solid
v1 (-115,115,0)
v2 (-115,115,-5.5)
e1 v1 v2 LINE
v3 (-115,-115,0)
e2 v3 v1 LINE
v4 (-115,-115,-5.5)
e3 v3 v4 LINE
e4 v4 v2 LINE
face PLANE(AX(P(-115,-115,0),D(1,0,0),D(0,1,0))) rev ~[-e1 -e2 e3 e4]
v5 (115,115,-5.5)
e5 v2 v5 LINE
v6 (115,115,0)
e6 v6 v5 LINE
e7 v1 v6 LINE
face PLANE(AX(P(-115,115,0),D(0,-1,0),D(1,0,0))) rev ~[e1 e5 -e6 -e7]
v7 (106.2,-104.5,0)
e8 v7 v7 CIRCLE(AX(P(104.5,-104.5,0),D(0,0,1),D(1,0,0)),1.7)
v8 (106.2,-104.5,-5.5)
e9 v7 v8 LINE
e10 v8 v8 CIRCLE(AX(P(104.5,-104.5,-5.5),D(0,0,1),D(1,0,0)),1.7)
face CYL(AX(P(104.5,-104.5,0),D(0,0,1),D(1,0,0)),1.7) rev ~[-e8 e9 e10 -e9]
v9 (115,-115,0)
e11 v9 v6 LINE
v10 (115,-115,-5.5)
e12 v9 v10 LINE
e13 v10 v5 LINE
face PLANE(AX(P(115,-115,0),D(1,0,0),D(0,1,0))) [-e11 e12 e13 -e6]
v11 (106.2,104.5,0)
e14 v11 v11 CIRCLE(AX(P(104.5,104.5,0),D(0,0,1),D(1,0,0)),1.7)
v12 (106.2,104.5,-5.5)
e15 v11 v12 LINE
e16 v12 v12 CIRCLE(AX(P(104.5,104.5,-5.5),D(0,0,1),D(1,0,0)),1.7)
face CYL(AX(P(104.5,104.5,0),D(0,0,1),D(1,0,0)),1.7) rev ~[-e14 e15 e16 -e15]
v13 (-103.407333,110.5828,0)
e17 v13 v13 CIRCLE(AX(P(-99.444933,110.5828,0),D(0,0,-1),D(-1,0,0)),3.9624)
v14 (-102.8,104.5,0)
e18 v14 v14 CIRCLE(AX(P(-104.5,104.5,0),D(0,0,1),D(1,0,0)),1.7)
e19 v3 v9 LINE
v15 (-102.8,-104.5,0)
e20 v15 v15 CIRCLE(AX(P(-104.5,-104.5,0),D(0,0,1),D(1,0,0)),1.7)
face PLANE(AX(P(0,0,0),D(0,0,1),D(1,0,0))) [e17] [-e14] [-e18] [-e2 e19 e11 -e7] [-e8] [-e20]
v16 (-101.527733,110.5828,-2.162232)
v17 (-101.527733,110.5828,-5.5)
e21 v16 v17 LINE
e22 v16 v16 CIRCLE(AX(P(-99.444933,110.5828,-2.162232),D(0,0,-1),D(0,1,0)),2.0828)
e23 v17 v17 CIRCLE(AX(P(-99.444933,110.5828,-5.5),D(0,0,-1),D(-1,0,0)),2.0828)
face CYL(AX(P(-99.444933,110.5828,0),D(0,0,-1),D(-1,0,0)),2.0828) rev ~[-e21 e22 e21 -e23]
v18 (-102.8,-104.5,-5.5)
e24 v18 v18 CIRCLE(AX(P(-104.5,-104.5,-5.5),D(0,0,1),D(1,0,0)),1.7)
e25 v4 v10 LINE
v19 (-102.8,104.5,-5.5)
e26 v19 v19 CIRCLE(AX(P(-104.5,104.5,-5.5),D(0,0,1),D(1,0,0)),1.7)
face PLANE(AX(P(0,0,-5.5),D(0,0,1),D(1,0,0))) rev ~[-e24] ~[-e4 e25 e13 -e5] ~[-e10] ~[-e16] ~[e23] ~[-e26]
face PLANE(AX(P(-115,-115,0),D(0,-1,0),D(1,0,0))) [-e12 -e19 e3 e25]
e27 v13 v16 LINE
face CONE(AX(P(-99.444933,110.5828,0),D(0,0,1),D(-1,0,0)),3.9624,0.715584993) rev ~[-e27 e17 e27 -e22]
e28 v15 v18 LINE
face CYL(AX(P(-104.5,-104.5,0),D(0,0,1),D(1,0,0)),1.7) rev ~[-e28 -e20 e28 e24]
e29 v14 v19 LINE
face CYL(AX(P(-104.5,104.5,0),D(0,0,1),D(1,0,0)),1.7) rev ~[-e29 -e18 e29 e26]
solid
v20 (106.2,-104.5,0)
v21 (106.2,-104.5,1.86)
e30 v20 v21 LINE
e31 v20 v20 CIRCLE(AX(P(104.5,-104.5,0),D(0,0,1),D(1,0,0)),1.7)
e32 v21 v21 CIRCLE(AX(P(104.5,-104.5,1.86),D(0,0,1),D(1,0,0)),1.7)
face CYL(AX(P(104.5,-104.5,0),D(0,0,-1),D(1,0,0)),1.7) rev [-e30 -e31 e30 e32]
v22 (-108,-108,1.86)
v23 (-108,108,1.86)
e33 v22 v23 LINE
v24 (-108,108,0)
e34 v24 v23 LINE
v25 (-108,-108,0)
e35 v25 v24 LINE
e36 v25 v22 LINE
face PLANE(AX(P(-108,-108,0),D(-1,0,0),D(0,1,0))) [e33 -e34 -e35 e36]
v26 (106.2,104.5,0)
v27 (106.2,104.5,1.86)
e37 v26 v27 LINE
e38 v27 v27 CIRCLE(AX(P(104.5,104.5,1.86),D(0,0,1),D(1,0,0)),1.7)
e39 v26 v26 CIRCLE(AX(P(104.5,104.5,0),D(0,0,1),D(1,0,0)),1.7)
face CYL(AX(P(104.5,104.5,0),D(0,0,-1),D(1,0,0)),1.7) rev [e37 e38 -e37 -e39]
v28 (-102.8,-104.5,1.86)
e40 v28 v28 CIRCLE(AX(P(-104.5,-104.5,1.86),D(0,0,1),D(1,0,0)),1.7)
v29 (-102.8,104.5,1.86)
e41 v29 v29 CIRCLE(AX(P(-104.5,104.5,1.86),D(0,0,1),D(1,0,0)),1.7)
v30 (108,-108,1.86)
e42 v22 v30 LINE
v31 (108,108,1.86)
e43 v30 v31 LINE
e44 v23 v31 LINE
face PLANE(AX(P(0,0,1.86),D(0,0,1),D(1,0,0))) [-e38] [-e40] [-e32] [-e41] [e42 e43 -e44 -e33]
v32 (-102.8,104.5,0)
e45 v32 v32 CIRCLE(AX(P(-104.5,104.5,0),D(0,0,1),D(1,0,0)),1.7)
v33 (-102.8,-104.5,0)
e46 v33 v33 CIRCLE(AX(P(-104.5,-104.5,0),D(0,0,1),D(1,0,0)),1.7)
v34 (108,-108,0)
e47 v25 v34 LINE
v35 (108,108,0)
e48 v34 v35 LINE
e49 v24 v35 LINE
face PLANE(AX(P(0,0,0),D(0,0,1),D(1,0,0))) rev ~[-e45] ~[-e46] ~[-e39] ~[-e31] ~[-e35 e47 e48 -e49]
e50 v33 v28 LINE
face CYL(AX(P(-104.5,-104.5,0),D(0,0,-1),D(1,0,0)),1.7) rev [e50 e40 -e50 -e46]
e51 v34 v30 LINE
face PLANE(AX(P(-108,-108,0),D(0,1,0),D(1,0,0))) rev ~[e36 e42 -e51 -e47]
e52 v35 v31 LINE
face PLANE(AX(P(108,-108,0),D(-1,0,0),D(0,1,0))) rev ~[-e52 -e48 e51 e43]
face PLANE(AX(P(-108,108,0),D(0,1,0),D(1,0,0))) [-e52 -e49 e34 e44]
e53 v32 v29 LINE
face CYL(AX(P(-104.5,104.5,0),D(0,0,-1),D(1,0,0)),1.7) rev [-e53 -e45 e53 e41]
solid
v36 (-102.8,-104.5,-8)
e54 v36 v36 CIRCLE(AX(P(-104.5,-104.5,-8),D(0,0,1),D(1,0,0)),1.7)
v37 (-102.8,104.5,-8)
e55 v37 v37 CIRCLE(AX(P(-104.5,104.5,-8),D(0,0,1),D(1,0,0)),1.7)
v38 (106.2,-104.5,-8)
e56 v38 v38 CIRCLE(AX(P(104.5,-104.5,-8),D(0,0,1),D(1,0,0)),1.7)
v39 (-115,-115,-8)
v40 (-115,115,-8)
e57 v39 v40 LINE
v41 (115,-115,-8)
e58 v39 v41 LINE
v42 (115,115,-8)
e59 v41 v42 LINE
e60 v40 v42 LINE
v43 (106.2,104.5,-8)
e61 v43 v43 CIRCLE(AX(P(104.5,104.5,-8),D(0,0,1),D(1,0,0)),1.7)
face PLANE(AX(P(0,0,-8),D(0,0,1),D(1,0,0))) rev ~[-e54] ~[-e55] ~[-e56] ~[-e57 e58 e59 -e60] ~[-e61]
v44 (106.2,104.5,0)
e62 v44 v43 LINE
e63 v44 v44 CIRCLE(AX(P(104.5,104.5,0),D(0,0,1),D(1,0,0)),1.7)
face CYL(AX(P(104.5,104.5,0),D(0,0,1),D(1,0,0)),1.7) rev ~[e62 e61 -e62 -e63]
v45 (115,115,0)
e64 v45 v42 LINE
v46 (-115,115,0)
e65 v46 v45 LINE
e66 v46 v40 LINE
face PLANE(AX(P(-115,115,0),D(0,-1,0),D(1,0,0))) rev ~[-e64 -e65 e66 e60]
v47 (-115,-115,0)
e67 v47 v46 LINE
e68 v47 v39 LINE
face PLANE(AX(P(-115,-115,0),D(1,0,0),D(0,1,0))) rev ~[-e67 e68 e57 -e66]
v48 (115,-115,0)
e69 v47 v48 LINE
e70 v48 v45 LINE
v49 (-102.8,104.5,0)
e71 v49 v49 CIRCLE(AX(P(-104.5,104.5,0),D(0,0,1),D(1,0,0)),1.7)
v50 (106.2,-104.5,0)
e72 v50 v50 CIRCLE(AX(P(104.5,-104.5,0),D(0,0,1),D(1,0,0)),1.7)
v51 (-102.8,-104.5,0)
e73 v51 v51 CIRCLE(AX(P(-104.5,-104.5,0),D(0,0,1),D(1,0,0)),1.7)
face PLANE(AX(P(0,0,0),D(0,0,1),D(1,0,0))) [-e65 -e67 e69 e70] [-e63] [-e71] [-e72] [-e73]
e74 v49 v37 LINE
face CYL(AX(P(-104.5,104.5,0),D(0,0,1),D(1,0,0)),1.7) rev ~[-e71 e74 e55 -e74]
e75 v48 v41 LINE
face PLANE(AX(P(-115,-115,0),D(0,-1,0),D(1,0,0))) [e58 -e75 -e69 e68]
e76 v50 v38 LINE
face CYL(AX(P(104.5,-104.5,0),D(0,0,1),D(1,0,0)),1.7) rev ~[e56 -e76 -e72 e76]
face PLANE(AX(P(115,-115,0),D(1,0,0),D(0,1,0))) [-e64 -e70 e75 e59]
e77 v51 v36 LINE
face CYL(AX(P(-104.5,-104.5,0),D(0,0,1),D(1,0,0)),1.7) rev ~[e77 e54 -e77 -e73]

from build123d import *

# Parameters (mm, degrees)
F0_W           = 216
F0_H           = 216
F0_R           = 1.7
F1_DEPTH       = 1.86
F2_W           = 230
F2_H           = 230
F2_R           = 1.7
F3_DEPTH       = 8
F4_W           = 230
F4_H           = 230
F4_R           = 1.7
F5_DEPTH       = 5.5
F6_D           = 4.1656
F6_CSINK_D     = 7.9248
F6_CSINK_ANGLE = 82


with BuildPart() as f1:
    # F0 (on Top) → F1 (new body)
    with BuildSketch(Plane.XY):
        Rectangle(F0_W, F0_H)
        with Locations((-104.5, -104.5)):
            Circle(F0_R, mode=Mode.SUBTRACT)
        with Locations((104.5, -104.5)):
            Circle(F0_R, mode=Mode.SUBTRACT)
        with Locations((-104.5, 104.5)):
            Circle(F0_R, mode=Mode.SUBTRACT)
        with Locations((104.5, 104.5)):
            Circle(F0_R, mode=Mode.SUBTRACT)
    extrude(amount=F1_DEPTH)


with BuildPart() as f3:
    # F2 (on Top) → F3 (new body)
    with BuildSketch(Plane.XY):
        Rectangle(F2_W, F2_H)
        with Locations((-104.5, -104.5)):
            Circle(F2_R, mode=Mode.SUBTRACT)
        with Locations((104.5, -104.5)):
            Circle(F2_R, mode=Mode.SUBTRACT)
        with Locations((-104.5, 104.5)):
            Circle(F2_R, mode=Mode.SUBTRACT)
        with Locations((104.5, 104.5)):
            Circle(F2_R, mode=Mode.SUBTRACT)
    extrude(amount=-F3_DEPTH)


with BuildPart() as f5:
    # F4 (on face) → F5 (new body)
    with BuildSketch(Plane.XY):
        Rectangle(F4_W, F4_H)
        with Locations((-104.5, -104.5)):
            Circle(F4_R, mode=Mode.SUBTRACT)
        with Locations((104.5, -104.5)):
            Circle(F4_R, mode=Mode.SUBTRACT)
        with Locations((-104.5, 104.5)):
            Circle(F4_R, mode=Mode.SUBTRACT)
        with Locations((104.5, 104.5)):
            Circle(F4_R, mode=Mode.SUBTRACT)
    extrude(amount=-F5_DEPTH)

    # F6 (through all)
    with Locations(Plane.XY):
        with Locations((-99.4449332356, 110.5828)):
            CounterSinkHole(F6_D / 2, F6_CSINK_D / 2, counter_sink_angle=F6_CSINK_ANGLE)


solid = Compound([f1.part, f3.part, f5.part])
